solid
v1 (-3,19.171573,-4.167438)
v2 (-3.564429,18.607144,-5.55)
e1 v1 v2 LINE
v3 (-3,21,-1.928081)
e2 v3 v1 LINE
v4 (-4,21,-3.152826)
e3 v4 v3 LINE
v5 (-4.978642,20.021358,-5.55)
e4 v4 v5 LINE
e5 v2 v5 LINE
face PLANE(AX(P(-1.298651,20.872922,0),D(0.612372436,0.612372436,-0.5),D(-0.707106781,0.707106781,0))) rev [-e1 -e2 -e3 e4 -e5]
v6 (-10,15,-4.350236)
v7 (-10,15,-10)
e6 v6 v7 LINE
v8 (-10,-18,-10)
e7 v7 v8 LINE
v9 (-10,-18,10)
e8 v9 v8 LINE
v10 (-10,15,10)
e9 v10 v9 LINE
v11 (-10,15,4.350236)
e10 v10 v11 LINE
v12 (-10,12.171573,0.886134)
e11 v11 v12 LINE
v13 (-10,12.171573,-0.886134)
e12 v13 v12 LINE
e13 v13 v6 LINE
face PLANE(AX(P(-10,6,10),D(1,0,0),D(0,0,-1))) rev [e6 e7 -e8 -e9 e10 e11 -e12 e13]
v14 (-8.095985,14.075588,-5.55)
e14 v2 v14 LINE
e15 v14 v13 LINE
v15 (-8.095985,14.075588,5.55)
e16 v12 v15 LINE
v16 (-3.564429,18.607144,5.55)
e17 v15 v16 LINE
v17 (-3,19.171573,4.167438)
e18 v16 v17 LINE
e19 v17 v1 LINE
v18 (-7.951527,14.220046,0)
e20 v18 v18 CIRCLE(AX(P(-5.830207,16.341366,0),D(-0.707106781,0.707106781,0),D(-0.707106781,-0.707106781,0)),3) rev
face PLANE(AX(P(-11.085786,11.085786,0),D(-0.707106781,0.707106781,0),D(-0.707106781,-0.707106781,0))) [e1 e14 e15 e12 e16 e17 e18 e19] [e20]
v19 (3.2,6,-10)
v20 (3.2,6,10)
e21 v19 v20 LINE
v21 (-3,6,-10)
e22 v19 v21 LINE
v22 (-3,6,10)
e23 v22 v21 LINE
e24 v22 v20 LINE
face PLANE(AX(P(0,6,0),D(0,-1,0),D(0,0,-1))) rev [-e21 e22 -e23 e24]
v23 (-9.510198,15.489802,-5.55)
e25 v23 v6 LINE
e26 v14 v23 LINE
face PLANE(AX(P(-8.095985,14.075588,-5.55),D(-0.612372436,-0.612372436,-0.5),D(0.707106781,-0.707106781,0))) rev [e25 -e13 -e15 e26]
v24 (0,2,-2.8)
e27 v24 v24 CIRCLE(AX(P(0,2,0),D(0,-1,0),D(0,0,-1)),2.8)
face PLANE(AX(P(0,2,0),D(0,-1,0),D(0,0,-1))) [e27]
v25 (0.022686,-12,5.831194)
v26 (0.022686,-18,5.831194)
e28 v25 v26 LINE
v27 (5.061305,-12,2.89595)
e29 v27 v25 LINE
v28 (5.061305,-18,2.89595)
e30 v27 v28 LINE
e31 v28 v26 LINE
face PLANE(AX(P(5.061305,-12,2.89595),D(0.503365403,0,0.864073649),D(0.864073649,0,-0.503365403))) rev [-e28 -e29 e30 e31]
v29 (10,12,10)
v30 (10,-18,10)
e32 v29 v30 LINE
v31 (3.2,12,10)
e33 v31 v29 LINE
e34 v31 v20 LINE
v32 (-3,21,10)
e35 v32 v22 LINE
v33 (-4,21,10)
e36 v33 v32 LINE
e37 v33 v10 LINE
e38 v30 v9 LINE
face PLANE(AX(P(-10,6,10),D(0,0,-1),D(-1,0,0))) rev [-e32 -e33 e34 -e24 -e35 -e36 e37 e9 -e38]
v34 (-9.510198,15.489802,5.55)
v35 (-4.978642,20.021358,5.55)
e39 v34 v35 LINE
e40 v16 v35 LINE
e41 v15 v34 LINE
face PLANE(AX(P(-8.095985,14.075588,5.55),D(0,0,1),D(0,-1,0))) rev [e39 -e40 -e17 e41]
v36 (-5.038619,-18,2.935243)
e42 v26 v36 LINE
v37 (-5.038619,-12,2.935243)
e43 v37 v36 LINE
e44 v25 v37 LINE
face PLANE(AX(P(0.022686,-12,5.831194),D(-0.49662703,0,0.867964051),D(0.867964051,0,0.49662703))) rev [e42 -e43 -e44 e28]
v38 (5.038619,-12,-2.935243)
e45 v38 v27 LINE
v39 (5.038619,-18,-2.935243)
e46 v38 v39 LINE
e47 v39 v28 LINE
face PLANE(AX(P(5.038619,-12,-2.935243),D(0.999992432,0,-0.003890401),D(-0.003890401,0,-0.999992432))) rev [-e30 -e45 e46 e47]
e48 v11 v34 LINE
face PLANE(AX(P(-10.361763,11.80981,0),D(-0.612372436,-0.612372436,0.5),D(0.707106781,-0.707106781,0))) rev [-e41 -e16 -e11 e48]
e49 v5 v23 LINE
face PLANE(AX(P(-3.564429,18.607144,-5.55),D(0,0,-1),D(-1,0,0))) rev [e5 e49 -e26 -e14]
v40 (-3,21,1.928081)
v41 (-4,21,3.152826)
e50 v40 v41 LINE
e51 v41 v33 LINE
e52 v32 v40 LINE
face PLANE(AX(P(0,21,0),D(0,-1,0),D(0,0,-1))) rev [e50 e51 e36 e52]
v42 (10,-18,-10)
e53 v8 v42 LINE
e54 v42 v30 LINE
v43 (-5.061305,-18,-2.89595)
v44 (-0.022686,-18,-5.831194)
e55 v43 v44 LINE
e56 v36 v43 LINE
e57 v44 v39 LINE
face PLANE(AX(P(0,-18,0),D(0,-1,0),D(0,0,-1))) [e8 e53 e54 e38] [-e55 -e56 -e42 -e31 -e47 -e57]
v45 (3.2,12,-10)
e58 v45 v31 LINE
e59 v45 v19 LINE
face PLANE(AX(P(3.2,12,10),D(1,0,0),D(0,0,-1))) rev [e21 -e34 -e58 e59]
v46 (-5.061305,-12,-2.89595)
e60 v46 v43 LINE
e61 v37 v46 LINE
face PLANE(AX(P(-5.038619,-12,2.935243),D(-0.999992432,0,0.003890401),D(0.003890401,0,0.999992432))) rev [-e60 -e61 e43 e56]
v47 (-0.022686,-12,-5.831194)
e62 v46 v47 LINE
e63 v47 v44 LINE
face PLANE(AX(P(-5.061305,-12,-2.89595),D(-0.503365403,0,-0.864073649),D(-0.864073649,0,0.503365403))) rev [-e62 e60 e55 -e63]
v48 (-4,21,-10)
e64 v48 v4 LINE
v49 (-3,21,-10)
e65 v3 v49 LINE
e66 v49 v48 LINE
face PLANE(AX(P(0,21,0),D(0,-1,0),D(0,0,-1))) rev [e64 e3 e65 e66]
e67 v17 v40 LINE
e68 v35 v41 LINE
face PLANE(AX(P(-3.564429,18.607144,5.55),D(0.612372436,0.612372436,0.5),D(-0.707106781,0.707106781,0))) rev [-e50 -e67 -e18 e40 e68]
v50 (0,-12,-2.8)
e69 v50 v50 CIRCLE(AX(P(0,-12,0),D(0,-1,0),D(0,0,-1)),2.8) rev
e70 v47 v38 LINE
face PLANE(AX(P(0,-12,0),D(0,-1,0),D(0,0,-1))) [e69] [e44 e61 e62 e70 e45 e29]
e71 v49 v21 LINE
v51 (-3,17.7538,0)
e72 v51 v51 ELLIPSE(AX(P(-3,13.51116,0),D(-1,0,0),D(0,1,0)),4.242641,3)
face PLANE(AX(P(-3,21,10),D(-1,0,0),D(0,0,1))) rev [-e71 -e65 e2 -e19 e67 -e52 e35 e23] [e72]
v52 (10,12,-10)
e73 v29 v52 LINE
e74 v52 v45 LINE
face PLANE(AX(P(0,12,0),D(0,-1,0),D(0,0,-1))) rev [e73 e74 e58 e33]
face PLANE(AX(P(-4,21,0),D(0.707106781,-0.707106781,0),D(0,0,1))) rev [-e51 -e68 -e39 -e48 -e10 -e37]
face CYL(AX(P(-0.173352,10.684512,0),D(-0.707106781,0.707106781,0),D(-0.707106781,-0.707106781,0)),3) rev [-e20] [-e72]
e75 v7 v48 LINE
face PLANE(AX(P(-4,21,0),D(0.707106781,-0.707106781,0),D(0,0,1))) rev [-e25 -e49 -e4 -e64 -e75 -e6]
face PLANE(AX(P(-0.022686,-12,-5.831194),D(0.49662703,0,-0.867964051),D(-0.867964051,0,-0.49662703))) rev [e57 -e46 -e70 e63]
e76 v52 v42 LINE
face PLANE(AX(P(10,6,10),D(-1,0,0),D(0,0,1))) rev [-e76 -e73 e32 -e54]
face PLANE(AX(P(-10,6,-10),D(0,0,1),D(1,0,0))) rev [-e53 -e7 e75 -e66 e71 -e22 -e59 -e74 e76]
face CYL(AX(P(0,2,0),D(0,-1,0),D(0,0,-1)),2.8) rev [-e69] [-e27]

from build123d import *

# Parameters (mm, degrees)
SKETCH1_W           = 20
SKETCH1_H           = 20
BOSS_EXTRUDE1_DEPTH = 6
SKETCH2_W           = 6.8
SKETCH2_H           = 20
BOSS_EXTRUDE2_DEPTH = 6
SKETCH3_W           = 7
SKETCH3_H           = 20
BOSS_EXTRUDE3_DEPTH = 15
CHAMFER1_SIZE       = 6
SKETCH4_R           = 3
CUT_EXTRUDE1_DEPTH  = 10
SKETCH5_W           = 20
SKETCH5_H           = 20
BOSS_EXTRUDE4_DEPTH = 18
CUT_EXTRUDE2_DEPTH  = 2
SKETCH7_R           = 2.8
CUT_EXTRUDE3_DEPTH  = 20
CUT_EXTRUDE4_DEPTH  = 6


with BuildPart() as part:
    # Sketch1 → Boss-Extrude1 (new body)
    with BuildSketch(Plane(origin=(0, 0, 0), x_dir=(1, 0, 0), z_dir=(0, 1, 0))):
        Rectangle(SKETCH1_W, SKETCH1_H)
    extrude(amount=BOSS_EXTRUDE1_DEPTH)

    # Sketch2 → Boss-Extrude2 (add)
    with BuildSketch(Plane(origin=(0, 6, 0), x_dir=(1, 0, 0), z_dir=(0, 1, 0))):
        with Locations((6.6, 0)):
            Rectangle(SKETCH2_W, SKETCH2_H)
    extrude(amount=BOSS_EXTRUDE2_DEPTH)

    # Sketch3 → Boss-Extrude3 (add)
    with BuildSketch(Plane(origin=(0, 6, 0), x_dir=(1, 0, 0), z_dir=(0, 1, 0))):
        with Locations((-6.5, 0)):
            Rectangle(SKETCH3_W, SKETCH3_H)
    extrude(amount=BOSS_EXTRUDE3_DEPTH)

    # Chamfer1
    chamfer1_edges = [part.edges().sort_by_distance(p)[0] for p in [
        (-10, 21, 0),
    ]]
    chamfer(chamfer1_edges, length=CHAMFER1_SIZE)

    # Sketch4 → Cut-Extrude1 (cut)
    with BuildSketch(Plane(origin=(-12.5, 12.5, 0), x_dir=(0, 0, 1), z_dir=(-0.7071067811865489, 0.7071067811865462, 0))):
        with Locations(Location((0, 7.432512212, 0), (0, 0, 270))):
            Circle(SKETCH4_R)
    extrude(amount=-CUT_EXTRUDE1_DEPTH, mode=Mode.SUBTRACT)

    # Sketch5 → Boss-Extrude4 (add)
    with BuildSketch(Plane.XZ):
        Rectangle(SKETCH5_W, SKETCH5_H)
    extrude(amount=BOSS_EXTRUDE4_DEPTH)

    # Sketch6 → Cut-Extrude2 (cut)
    with BuildSketch(Plane(origin=(-12.5, 12.5, 0), x_dir=(0, 0, 1), z_dir=(-0.7071067811865489, 0.7071067811865462, 0))):
        Polygon((0, 13.8411002), (-5.55, 10.636806206), (-5.55, 4.228218218), (0, 1.023924224), (5.55, 4.228218218), (5.55, 10.636806206), align=None)
    extrude(amount=-CUT_EXTRUDE2_DEPTH, mode=Mode.SUBTRACT)

    # Sketch7 → Cut-Extrude3 (cut)
    with BuildSketch(Plane(origin=(0, -18, 0), x_dir=(-1, 0, 0), z_dir=(0, -1, 0))):
        with Locations(Location((0, 0, 0), (0, 0, 90))):
            Circle(SKETCH7_R)
    extrude(amount=-CUT_EXTRUDE3_DEPTH, mode=Mode.SUBTRACT)

    # Sketch8 → Cut-Extrude4 (cut)
    with BuildSketch(Plane(origin=(0, -18, 0), x_dir=(-1, 0, 0), z_dir=(0, -1, 0))):
        Polygon((5.038618856, -2.935243322), (5.061304711, 2.895950268), (0.022685855, 5.83119359), (-5.038618856, 2.935243322), (-5.061304711, -2.895950268), (-0.022685855, -5.83119359), align=None)
    extrude(amount=-CUT_EXTRUDE4_DEPTH, mode=Mode.SUBTRACT)


solid = part.part
